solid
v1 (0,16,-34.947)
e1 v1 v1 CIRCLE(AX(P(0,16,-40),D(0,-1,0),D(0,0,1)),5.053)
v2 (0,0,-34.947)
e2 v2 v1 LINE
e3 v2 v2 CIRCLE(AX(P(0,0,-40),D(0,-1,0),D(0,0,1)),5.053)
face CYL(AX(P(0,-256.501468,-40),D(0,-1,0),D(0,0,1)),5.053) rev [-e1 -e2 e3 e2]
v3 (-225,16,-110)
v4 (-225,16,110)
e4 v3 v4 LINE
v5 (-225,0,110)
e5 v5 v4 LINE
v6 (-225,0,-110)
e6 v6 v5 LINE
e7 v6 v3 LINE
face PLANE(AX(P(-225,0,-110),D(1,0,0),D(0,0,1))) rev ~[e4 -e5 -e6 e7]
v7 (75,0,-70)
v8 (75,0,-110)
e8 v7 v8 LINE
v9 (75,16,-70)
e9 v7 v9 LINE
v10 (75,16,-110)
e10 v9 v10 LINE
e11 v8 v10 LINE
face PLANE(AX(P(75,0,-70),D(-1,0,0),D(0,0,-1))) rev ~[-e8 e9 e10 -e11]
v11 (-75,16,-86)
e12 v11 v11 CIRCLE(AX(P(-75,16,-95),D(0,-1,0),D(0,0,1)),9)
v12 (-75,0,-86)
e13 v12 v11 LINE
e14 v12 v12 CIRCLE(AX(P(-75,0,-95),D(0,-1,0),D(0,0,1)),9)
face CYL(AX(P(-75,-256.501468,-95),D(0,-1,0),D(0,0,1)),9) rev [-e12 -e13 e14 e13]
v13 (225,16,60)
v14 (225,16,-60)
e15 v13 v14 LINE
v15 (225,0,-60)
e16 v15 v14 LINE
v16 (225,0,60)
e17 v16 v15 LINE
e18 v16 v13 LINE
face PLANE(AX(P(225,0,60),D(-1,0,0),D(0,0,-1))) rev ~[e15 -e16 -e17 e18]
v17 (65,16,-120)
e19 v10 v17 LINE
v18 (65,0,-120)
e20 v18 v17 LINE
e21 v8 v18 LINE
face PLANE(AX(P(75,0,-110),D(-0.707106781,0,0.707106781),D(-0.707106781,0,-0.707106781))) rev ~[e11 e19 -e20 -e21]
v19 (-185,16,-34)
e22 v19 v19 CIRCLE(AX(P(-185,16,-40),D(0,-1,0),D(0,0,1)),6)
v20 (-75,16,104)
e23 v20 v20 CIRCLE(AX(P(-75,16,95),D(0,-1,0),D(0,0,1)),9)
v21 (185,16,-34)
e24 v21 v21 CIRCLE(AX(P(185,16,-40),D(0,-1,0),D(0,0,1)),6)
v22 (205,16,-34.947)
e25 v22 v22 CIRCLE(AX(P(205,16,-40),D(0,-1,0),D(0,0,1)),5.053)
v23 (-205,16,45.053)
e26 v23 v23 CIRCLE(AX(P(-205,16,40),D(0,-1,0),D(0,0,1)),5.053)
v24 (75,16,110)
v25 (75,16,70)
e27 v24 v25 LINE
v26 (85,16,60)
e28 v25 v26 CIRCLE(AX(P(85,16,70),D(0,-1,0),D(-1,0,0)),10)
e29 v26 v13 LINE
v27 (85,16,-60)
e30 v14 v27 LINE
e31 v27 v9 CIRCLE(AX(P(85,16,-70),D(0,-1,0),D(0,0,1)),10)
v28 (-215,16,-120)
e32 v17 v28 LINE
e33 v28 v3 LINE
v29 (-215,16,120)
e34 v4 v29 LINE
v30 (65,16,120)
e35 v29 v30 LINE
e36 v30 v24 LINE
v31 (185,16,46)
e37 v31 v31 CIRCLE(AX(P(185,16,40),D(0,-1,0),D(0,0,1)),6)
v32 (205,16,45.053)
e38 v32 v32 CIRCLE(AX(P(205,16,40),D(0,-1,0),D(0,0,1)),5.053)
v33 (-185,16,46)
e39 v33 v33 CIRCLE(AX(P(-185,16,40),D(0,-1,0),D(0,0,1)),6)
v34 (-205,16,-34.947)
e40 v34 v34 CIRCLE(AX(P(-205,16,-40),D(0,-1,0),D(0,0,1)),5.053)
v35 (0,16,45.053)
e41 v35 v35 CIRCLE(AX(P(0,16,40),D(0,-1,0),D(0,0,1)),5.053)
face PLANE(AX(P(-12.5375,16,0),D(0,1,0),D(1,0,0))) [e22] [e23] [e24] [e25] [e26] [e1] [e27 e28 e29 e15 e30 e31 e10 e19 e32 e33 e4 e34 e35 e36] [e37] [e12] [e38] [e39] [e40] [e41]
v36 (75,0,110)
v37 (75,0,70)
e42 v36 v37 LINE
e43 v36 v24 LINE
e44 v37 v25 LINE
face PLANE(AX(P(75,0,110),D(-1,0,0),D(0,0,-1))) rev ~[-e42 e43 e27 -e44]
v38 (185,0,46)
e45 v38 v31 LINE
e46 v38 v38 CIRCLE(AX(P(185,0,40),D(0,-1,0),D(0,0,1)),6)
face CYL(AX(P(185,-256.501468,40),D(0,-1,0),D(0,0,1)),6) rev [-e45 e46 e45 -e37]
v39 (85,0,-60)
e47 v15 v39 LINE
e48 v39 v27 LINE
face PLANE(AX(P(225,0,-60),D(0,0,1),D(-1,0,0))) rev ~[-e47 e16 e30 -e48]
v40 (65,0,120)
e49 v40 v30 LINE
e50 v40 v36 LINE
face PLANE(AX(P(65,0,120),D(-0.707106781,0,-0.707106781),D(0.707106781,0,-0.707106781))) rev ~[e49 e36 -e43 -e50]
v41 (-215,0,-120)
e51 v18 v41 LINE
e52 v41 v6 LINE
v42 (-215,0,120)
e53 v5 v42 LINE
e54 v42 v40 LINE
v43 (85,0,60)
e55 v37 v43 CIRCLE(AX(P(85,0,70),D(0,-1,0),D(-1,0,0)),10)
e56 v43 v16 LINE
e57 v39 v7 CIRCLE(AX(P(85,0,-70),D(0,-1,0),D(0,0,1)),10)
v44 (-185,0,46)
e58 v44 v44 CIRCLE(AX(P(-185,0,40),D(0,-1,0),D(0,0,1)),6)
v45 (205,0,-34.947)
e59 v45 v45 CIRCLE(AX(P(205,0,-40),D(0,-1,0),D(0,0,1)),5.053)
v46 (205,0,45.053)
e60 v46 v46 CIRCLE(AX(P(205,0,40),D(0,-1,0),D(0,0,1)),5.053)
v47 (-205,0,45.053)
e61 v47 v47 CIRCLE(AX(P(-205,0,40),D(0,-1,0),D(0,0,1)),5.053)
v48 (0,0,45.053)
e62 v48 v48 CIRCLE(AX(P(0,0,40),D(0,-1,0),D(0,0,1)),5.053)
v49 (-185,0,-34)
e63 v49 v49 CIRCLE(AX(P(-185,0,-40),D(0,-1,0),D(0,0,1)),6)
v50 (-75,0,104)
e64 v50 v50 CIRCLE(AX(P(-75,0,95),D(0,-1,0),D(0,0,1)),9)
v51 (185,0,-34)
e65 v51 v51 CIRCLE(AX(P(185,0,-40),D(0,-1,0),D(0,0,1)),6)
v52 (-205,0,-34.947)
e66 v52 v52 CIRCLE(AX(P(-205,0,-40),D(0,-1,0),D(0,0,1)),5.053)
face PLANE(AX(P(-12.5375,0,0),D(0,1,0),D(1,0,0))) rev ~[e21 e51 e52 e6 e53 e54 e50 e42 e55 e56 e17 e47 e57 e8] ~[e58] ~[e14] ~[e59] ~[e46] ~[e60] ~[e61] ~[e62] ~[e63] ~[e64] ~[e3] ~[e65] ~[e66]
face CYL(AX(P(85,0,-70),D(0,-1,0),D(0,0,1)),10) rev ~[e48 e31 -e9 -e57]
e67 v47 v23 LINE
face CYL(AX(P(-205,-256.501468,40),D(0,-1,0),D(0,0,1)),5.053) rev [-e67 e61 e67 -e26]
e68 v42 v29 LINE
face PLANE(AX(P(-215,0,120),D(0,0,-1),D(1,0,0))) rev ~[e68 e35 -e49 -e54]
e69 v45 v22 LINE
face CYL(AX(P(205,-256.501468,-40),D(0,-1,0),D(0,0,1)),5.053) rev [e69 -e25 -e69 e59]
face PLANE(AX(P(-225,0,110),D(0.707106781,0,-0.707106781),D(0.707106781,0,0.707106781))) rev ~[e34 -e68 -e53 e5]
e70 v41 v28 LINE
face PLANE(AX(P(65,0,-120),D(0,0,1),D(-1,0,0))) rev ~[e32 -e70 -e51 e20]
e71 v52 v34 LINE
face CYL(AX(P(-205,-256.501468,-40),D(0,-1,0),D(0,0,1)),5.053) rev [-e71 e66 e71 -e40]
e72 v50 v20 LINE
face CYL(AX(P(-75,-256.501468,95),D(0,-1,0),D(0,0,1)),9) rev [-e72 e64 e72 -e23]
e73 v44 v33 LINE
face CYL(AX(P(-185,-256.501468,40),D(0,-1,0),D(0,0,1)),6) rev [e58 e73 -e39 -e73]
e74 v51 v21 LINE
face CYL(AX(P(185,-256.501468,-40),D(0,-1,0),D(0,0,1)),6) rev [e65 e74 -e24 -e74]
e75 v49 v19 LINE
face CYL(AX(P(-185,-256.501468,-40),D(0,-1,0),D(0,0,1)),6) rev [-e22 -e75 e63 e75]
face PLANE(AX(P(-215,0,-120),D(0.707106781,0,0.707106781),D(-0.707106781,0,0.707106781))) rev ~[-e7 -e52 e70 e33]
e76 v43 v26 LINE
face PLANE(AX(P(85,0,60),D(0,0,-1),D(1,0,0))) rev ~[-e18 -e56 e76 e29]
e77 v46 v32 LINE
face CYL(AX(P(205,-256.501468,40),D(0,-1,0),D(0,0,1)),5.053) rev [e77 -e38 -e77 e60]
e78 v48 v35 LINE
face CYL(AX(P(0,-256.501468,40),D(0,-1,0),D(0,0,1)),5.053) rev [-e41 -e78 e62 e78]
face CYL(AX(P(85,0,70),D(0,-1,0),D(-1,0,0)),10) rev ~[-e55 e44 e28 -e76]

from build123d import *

# Parameters (mm, degrees)
EXTRUDE_1_DEPTH          = 16
CUT_EXTRUDE_1_DEPTH      = 256.501467706
CUT_EXTRUDE_1_DEPTH_BACK = 256.501467706
SKETCH_2_R               = 9
CUT_EXTRUDE_2_DEPTH      = 256.501467706
CUT_EXTRUDE_2_DEPTH_BACK = 256.501467706
SKETCH_3_R               = 6
CUT_EXTRUDE_3_DEPTH      = 256.501467706
CUT_EXTRUDE_3_DEPTH_BACK = 256.501467706
SKETCH_4_R               = 5.053


with BuildPart() as part:
    # ｽｹｯﾁ1 → ﾎﾞｽ - 押し出し1 (new body)
    with BuildSketch(Plane(origin=(0, 0, 0), x_dir=(1, 0, 0), z_dir=(0, 1, 0))):
        with BuildLine():
            Line((-215, -120), (65, -120))
            Line((65, -120), (75, -110))
            Line((75, -110), (75, -70))
            ThreePointArc((75, -70), (77.928932188, -62.928932188), (85, -60))
            Line((85, -60), (225, -60))
            Line((225, -60), (225, 60))
            Line((225, 60), (85, 60))
            ThreePointArc((85, 60), (77.928932188, 62.928932188), (75, 70))
            Line((75, 70), (75, 110))
            Line((75, 110), (65, 120))
            Line((65, 120), (-215, 120))
            Line((-215, 120), (-225, 110))
            Line((-225, 110), (-225, -110))
            Line((-225, -110), (-215, -120))
        make_face()
    extrude(amount=EXTRUDE_1_DEPTH)

    # ｽｹｯﾁ2 → ｶｯﾄ - 押し出し1 (cut, two sides: drawn at the far end of the back side and taken through both)
    with BuildSketch(Plane(origin=(0, 0, 0), x_dir=(1, 0, 0), z_dir=(0, 1, 0)).offset(-CUT_EXTRUDE_1_DEPTH_BACK)):
        with Locations(Location((-75, -95, 0), (0, 0, 270))):
            Circle(SKETCH_2_R)
        with Locations(Location((-75, 95, 0), (0, 0, 270))):
            Circle(SKETCH_2_R)
    extrude(amount=CUT_EXTRUDE_1_DEPTH + CUT_EXTRUDE_1_DEPTH_BACK, mode=Mode.SUBTRACT)

    # ｽｹｯﾁ3 → ｶｯﾄ - 押し出し2 (cut, two sides: drawn at the far end of the back side and taken through both)
    with BuildSketch(Plane(origin=(0, 0, 0), x_dir=(1, 0, 0), z_dir=(0, 1, 0)).offset(-CUT_EXTRUDE_2_DEPTH_BACK)):
        with Locations(Location((-185, -40, 0), (0, 0, 270))):
            Circle(SKETCH_3_R)
        with Locations(Location((-185, 40, 0), (0, 0, 270))):
            Circle(SKETCH_3_R)
        with Locations(Location((185, -40, 0), (0, 0, 270))):
            Circle(SKETCH_3_R)
        with Locations(Location((185, 40, 0), (0, 0, 270))):
            Circle(SKETCH_3_R)
    extrude(amount=CUT_EXTRUDE_2_DEPTH + CUT_EXTRUDE_2_DEPTH_BACK, mode=Mode.SUBTRACT)

    # ｽｹｯﾁ4 → ｶｯﾄ - 押し出し3 (cut, two sides: drawn at the far end of the back side and taken through both)
    with BuildSketch(Plane(origin=(0, 0, 0), x_dir=(1, 0, 0), z_dir=(0, 1, 0)).offset(-CUT_EXTRUDE_3_DEPTH_BACK)):
        with Locations(Location((-205, -40, 0), (0, 0, 270))):
            Circle(SKETCH_4_R)
        with Locations(Location((-205, 40, 0), (0, 0, 270))):
            Circle(SKETCH_4_R)
        with Locations(Location((0, -40, 0), (0, 0, 270))):
            Circle(SKETCH_4_R)
        with Locations(Location((0, 40, 0), (0, 0, 270))):
            Circle(SKETCH_4_R)
        with Locations(Location((205, -40, 0), (0, 0, 270))):
            Circle(SKETCH_4_R)
        with Locations(Location((205, 40, 0), (0, 0, 270))):
            Circle(SKETCH_4_R)
    extrude(amount=CUT_EXTRUDE_3_DEPTH + CUT_EXTRUDE_3_DEPTH_BACK, mode=Mode.SUBTRACT)


solid = part.part
